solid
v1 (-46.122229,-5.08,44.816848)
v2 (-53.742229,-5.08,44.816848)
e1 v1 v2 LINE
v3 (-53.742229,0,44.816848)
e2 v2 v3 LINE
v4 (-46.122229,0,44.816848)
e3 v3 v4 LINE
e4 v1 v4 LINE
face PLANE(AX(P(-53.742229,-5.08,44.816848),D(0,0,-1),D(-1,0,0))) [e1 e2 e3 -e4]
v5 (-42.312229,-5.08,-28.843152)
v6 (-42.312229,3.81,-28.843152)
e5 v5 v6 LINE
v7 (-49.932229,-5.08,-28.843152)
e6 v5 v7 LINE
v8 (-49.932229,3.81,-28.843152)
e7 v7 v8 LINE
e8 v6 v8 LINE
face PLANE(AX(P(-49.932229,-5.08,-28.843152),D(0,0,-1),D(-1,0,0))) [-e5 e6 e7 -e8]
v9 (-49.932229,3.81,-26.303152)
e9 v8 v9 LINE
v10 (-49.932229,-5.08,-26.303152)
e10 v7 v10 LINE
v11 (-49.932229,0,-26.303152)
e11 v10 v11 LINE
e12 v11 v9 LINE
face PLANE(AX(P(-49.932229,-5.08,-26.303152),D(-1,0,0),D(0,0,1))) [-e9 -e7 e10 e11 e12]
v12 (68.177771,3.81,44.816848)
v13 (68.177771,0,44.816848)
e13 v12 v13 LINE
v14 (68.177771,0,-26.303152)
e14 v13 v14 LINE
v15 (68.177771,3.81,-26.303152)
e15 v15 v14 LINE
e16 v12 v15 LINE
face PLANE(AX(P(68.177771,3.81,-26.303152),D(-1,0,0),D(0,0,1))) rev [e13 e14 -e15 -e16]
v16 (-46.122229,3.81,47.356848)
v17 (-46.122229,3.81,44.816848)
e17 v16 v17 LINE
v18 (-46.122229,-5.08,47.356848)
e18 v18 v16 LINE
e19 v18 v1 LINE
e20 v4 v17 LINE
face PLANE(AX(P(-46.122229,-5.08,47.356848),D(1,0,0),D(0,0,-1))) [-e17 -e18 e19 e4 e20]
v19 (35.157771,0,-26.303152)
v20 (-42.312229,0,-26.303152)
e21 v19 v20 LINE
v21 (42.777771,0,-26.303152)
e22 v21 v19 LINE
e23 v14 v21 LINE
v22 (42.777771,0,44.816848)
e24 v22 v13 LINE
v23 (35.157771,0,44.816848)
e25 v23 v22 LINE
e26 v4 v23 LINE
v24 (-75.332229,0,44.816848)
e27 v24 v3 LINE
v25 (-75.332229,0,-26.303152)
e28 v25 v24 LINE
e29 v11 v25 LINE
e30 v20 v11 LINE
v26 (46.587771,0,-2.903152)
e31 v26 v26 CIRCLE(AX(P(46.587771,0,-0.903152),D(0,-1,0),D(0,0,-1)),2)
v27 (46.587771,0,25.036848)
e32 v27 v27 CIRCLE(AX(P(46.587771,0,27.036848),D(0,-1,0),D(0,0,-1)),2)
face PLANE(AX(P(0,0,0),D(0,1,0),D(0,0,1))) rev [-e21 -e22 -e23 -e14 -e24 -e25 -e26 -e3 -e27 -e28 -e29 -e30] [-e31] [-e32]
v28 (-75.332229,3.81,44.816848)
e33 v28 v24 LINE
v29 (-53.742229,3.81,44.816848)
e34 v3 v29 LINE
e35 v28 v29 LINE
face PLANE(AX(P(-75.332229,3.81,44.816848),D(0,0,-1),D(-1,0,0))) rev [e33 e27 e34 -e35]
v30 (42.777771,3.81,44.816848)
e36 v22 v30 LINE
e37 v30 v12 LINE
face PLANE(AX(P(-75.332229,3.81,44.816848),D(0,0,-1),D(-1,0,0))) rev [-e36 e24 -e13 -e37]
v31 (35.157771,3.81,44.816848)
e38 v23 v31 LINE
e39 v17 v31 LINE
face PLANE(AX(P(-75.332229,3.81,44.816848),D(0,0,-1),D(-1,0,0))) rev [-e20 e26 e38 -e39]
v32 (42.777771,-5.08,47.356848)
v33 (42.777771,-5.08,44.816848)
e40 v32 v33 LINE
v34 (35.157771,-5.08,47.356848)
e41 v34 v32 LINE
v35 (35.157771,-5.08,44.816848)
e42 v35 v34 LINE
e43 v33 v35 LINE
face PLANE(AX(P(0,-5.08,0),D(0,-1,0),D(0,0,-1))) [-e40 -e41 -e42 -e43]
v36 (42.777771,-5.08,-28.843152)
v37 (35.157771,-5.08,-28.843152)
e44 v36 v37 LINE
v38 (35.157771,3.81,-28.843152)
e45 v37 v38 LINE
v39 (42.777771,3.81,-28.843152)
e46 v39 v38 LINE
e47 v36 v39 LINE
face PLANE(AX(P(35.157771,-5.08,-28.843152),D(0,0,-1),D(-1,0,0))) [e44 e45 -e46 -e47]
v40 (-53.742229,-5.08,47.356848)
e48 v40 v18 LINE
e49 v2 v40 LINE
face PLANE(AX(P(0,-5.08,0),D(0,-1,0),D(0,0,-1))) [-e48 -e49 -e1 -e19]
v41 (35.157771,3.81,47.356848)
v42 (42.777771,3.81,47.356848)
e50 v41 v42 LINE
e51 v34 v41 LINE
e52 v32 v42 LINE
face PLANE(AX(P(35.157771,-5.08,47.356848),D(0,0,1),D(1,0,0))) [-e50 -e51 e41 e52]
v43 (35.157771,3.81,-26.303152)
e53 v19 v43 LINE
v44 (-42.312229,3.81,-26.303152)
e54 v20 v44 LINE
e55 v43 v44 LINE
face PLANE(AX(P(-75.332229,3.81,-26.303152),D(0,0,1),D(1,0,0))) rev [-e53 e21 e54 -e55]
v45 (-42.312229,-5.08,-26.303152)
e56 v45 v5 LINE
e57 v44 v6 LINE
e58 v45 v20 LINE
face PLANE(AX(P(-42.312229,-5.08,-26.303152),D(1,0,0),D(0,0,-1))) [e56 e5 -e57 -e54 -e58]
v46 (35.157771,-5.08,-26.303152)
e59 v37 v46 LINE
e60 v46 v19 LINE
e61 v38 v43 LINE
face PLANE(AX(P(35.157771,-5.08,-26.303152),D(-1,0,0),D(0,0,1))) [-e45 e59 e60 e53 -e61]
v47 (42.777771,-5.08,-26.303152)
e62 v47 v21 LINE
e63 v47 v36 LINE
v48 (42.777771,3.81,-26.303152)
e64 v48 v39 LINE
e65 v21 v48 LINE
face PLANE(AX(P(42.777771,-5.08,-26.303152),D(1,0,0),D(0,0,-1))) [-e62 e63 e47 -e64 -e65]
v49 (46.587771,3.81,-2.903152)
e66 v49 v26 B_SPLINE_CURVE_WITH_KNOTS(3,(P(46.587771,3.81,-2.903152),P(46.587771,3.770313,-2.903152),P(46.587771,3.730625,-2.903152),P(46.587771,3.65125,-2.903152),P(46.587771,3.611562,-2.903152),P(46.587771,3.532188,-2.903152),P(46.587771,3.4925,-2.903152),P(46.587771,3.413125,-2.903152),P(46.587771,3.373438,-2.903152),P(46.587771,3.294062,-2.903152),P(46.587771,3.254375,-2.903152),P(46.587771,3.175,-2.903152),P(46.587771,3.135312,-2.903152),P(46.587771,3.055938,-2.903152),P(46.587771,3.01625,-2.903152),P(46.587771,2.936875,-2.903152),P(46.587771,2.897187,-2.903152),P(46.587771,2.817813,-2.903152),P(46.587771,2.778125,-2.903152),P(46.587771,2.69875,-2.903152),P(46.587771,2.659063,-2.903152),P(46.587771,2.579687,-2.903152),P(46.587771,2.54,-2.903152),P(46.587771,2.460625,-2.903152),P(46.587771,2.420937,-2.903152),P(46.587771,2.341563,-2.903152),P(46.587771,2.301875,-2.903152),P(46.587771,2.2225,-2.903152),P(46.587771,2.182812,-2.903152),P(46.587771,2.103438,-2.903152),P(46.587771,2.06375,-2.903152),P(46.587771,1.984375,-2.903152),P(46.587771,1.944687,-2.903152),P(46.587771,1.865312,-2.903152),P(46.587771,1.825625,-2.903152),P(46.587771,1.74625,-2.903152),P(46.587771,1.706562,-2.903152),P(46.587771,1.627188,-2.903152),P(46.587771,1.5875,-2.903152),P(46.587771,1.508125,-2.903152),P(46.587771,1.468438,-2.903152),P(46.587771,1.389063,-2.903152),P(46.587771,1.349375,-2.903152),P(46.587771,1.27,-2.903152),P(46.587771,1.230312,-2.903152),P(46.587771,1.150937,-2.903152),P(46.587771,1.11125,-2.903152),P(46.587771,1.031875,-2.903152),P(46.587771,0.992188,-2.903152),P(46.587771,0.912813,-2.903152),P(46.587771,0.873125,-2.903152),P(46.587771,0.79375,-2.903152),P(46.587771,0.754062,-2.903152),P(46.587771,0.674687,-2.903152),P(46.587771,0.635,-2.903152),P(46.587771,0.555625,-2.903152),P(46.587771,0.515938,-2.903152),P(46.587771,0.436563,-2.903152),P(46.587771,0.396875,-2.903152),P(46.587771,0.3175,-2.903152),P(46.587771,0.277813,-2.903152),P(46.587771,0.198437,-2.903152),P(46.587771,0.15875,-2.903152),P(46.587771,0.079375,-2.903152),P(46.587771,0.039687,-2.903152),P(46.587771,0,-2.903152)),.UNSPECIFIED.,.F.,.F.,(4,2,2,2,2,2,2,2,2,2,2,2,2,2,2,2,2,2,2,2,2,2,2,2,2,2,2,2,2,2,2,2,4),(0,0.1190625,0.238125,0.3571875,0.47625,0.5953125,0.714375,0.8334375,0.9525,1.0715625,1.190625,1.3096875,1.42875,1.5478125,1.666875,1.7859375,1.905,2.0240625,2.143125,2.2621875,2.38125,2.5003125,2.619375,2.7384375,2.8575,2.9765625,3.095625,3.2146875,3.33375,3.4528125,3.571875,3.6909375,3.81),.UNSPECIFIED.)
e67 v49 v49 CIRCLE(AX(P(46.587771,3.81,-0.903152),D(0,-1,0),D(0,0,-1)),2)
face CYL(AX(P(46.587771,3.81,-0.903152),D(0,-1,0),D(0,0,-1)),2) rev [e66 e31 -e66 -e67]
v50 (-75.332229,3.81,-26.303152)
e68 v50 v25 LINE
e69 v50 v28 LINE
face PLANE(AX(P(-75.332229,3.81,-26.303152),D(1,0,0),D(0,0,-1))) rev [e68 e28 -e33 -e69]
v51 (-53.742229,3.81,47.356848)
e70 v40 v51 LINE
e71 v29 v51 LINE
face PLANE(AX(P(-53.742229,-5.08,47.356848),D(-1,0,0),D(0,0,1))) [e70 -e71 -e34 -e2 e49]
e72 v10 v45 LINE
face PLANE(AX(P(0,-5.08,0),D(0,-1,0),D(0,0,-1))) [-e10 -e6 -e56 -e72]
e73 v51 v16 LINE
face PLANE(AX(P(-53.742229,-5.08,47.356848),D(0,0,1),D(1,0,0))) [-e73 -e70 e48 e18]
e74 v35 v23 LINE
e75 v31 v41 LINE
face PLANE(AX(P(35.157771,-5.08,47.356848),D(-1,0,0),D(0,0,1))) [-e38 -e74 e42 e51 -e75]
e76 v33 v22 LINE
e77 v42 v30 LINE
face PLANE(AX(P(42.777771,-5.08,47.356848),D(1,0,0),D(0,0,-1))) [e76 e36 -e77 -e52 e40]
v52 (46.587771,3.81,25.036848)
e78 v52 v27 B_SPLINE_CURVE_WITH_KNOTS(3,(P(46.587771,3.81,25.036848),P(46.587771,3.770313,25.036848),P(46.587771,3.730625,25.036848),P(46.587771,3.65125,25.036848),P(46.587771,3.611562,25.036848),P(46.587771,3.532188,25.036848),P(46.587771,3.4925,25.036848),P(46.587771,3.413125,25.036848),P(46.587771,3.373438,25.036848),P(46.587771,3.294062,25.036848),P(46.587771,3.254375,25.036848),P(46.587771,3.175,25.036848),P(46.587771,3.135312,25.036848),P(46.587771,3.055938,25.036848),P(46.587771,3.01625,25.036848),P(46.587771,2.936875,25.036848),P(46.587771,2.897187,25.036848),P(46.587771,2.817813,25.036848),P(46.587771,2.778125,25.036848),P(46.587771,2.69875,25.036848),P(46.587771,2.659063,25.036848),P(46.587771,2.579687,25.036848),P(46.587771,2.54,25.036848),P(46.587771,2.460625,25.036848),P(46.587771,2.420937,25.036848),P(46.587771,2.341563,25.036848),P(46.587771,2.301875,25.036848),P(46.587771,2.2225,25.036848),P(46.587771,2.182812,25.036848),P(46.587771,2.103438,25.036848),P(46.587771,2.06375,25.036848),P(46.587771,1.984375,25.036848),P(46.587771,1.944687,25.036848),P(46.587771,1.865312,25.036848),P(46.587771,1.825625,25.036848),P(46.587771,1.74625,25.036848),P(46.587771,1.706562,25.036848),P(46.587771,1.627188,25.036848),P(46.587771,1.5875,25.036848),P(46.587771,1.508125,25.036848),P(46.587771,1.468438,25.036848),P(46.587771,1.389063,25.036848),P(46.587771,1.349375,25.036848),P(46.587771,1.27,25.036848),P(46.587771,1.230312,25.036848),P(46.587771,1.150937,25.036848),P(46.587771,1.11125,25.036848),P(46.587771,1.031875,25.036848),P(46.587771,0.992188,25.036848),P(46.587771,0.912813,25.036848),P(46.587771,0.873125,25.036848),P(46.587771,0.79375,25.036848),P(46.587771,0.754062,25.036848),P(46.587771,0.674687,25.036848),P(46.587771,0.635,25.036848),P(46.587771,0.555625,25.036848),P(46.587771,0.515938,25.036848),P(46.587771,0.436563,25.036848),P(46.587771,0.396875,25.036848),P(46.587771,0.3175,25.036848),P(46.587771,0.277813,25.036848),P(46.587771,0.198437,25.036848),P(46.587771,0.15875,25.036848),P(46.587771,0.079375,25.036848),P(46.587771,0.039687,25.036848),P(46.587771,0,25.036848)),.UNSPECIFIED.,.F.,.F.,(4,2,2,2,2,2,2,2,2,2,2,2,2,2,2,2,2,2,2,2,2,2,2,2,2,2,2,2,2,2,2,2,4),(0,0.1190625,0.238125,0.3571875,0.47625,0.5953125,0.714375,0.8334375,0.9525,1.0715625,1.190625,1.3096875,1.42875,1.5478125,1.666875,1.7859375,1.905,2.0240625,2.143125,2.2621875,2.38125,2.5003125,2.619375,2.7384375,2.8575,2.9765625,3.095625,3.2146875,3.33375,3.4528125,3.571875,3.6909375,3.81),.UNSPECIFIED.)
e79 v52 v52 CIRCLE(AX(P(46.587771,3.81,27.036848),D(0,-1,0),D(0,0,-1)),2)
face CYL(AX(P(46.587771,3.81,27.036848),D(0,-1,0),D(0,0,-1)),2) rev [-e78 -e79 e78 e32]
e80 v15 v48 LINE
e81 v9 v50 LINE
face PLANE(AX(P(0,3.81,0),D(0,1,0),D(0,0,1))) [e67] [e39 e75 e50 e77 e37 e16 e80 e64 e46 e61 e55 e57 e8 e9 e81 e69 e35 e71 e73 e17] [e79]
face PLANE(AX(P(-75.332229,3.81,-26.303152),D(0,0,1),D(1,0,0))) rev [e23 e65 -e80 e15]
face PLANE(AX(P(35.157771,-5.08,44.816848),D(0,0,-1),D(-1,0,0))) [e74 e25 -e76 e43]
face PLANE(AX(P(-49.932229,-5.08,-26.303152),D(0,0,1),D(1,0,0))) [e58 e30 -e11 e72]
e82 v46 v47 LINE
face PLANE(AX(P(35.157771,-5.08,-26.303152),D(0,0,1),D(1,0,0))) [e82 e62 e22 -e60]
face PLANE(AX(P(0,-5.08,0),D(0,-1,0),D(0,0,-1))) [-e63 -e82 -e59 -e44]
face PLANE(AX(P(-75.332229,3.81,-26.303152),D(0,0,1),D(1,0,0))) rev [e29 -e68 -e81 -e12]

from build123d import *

# Parameters (mm, degrees)
SKETCH1_W           = 143.51
SKETCH1_H           = 71.12
BOSS_EXTRUDE1_DEPTH = 3.81
SKETCH2_W           = 7.62
SKETCH2_H           = 2.54
BOSS_EXTRUDE3_DEPTH = 8.89
SKETCH5_R           = 2
CUT_EXTRUDE2_DEPTH  = 90.125877794


with BuildPart() as part:
    # Sketch1 → Boss-Extrude1 (new body)
    with BuildSketch(Plane(origin=(0, 0, 0), x_dir=(1, 0, 0), z_dir=(0, 1, 0))):
        with Locations((-3.577228739, -9.256847507)):
            Rectangle(SKETCH1_W, SKETCH1_H)
    extrude(amount=BOSS_EXTRUDE1_DEPTH)

    # Sketch2 → Boss-Extrude3 (add)
    with BuildSketch(Plane(origin=(0, 3.81, 0), x_dir=(1, 0, 0), z_dir=(0, 1, 0))):
        with Locations((-46.122228739, 27.573152493)):
            Rectangle(SKETCH2_W, SKETCH2_H)
        with Locations((38.967771261, 27.573152493)):
            Rectangle(SKETCH2_W, SKETCH2_H)
        with Locations((-49.932228739, -46.086847507)):
            Rectangle(SKETCH2_W, SKETCH2_H)
        with Locations((38.967771261, -46.086847507)):
            Rectangle(SKETCH2_W, SKETCH2_H)
    extrude(amount=-BOSS_EXTRUDE3_DEPTH)

    # Sketch5 → Cut-Extrude2 (cut, through all)
    with BuildSketch(Plane(origin=(0, 0, 0), x_dir=(-1, 0, 0), z_dir=(0, -1, 0))):
        with Locations(Location((-46.587771261, -27.036847507, 0), (0, 0, 90))):
            Circle(SKETCH5_R)
        with Locations(Location((-46.587771261, 0.903152493, 0), (0, 0, 90))):
            Circle(SKETCH5_R)
    extrude(amount=-CUT_EXTRUDE2_DEPTH, mode=Mode.SUBTRACT)


solid = part.part
